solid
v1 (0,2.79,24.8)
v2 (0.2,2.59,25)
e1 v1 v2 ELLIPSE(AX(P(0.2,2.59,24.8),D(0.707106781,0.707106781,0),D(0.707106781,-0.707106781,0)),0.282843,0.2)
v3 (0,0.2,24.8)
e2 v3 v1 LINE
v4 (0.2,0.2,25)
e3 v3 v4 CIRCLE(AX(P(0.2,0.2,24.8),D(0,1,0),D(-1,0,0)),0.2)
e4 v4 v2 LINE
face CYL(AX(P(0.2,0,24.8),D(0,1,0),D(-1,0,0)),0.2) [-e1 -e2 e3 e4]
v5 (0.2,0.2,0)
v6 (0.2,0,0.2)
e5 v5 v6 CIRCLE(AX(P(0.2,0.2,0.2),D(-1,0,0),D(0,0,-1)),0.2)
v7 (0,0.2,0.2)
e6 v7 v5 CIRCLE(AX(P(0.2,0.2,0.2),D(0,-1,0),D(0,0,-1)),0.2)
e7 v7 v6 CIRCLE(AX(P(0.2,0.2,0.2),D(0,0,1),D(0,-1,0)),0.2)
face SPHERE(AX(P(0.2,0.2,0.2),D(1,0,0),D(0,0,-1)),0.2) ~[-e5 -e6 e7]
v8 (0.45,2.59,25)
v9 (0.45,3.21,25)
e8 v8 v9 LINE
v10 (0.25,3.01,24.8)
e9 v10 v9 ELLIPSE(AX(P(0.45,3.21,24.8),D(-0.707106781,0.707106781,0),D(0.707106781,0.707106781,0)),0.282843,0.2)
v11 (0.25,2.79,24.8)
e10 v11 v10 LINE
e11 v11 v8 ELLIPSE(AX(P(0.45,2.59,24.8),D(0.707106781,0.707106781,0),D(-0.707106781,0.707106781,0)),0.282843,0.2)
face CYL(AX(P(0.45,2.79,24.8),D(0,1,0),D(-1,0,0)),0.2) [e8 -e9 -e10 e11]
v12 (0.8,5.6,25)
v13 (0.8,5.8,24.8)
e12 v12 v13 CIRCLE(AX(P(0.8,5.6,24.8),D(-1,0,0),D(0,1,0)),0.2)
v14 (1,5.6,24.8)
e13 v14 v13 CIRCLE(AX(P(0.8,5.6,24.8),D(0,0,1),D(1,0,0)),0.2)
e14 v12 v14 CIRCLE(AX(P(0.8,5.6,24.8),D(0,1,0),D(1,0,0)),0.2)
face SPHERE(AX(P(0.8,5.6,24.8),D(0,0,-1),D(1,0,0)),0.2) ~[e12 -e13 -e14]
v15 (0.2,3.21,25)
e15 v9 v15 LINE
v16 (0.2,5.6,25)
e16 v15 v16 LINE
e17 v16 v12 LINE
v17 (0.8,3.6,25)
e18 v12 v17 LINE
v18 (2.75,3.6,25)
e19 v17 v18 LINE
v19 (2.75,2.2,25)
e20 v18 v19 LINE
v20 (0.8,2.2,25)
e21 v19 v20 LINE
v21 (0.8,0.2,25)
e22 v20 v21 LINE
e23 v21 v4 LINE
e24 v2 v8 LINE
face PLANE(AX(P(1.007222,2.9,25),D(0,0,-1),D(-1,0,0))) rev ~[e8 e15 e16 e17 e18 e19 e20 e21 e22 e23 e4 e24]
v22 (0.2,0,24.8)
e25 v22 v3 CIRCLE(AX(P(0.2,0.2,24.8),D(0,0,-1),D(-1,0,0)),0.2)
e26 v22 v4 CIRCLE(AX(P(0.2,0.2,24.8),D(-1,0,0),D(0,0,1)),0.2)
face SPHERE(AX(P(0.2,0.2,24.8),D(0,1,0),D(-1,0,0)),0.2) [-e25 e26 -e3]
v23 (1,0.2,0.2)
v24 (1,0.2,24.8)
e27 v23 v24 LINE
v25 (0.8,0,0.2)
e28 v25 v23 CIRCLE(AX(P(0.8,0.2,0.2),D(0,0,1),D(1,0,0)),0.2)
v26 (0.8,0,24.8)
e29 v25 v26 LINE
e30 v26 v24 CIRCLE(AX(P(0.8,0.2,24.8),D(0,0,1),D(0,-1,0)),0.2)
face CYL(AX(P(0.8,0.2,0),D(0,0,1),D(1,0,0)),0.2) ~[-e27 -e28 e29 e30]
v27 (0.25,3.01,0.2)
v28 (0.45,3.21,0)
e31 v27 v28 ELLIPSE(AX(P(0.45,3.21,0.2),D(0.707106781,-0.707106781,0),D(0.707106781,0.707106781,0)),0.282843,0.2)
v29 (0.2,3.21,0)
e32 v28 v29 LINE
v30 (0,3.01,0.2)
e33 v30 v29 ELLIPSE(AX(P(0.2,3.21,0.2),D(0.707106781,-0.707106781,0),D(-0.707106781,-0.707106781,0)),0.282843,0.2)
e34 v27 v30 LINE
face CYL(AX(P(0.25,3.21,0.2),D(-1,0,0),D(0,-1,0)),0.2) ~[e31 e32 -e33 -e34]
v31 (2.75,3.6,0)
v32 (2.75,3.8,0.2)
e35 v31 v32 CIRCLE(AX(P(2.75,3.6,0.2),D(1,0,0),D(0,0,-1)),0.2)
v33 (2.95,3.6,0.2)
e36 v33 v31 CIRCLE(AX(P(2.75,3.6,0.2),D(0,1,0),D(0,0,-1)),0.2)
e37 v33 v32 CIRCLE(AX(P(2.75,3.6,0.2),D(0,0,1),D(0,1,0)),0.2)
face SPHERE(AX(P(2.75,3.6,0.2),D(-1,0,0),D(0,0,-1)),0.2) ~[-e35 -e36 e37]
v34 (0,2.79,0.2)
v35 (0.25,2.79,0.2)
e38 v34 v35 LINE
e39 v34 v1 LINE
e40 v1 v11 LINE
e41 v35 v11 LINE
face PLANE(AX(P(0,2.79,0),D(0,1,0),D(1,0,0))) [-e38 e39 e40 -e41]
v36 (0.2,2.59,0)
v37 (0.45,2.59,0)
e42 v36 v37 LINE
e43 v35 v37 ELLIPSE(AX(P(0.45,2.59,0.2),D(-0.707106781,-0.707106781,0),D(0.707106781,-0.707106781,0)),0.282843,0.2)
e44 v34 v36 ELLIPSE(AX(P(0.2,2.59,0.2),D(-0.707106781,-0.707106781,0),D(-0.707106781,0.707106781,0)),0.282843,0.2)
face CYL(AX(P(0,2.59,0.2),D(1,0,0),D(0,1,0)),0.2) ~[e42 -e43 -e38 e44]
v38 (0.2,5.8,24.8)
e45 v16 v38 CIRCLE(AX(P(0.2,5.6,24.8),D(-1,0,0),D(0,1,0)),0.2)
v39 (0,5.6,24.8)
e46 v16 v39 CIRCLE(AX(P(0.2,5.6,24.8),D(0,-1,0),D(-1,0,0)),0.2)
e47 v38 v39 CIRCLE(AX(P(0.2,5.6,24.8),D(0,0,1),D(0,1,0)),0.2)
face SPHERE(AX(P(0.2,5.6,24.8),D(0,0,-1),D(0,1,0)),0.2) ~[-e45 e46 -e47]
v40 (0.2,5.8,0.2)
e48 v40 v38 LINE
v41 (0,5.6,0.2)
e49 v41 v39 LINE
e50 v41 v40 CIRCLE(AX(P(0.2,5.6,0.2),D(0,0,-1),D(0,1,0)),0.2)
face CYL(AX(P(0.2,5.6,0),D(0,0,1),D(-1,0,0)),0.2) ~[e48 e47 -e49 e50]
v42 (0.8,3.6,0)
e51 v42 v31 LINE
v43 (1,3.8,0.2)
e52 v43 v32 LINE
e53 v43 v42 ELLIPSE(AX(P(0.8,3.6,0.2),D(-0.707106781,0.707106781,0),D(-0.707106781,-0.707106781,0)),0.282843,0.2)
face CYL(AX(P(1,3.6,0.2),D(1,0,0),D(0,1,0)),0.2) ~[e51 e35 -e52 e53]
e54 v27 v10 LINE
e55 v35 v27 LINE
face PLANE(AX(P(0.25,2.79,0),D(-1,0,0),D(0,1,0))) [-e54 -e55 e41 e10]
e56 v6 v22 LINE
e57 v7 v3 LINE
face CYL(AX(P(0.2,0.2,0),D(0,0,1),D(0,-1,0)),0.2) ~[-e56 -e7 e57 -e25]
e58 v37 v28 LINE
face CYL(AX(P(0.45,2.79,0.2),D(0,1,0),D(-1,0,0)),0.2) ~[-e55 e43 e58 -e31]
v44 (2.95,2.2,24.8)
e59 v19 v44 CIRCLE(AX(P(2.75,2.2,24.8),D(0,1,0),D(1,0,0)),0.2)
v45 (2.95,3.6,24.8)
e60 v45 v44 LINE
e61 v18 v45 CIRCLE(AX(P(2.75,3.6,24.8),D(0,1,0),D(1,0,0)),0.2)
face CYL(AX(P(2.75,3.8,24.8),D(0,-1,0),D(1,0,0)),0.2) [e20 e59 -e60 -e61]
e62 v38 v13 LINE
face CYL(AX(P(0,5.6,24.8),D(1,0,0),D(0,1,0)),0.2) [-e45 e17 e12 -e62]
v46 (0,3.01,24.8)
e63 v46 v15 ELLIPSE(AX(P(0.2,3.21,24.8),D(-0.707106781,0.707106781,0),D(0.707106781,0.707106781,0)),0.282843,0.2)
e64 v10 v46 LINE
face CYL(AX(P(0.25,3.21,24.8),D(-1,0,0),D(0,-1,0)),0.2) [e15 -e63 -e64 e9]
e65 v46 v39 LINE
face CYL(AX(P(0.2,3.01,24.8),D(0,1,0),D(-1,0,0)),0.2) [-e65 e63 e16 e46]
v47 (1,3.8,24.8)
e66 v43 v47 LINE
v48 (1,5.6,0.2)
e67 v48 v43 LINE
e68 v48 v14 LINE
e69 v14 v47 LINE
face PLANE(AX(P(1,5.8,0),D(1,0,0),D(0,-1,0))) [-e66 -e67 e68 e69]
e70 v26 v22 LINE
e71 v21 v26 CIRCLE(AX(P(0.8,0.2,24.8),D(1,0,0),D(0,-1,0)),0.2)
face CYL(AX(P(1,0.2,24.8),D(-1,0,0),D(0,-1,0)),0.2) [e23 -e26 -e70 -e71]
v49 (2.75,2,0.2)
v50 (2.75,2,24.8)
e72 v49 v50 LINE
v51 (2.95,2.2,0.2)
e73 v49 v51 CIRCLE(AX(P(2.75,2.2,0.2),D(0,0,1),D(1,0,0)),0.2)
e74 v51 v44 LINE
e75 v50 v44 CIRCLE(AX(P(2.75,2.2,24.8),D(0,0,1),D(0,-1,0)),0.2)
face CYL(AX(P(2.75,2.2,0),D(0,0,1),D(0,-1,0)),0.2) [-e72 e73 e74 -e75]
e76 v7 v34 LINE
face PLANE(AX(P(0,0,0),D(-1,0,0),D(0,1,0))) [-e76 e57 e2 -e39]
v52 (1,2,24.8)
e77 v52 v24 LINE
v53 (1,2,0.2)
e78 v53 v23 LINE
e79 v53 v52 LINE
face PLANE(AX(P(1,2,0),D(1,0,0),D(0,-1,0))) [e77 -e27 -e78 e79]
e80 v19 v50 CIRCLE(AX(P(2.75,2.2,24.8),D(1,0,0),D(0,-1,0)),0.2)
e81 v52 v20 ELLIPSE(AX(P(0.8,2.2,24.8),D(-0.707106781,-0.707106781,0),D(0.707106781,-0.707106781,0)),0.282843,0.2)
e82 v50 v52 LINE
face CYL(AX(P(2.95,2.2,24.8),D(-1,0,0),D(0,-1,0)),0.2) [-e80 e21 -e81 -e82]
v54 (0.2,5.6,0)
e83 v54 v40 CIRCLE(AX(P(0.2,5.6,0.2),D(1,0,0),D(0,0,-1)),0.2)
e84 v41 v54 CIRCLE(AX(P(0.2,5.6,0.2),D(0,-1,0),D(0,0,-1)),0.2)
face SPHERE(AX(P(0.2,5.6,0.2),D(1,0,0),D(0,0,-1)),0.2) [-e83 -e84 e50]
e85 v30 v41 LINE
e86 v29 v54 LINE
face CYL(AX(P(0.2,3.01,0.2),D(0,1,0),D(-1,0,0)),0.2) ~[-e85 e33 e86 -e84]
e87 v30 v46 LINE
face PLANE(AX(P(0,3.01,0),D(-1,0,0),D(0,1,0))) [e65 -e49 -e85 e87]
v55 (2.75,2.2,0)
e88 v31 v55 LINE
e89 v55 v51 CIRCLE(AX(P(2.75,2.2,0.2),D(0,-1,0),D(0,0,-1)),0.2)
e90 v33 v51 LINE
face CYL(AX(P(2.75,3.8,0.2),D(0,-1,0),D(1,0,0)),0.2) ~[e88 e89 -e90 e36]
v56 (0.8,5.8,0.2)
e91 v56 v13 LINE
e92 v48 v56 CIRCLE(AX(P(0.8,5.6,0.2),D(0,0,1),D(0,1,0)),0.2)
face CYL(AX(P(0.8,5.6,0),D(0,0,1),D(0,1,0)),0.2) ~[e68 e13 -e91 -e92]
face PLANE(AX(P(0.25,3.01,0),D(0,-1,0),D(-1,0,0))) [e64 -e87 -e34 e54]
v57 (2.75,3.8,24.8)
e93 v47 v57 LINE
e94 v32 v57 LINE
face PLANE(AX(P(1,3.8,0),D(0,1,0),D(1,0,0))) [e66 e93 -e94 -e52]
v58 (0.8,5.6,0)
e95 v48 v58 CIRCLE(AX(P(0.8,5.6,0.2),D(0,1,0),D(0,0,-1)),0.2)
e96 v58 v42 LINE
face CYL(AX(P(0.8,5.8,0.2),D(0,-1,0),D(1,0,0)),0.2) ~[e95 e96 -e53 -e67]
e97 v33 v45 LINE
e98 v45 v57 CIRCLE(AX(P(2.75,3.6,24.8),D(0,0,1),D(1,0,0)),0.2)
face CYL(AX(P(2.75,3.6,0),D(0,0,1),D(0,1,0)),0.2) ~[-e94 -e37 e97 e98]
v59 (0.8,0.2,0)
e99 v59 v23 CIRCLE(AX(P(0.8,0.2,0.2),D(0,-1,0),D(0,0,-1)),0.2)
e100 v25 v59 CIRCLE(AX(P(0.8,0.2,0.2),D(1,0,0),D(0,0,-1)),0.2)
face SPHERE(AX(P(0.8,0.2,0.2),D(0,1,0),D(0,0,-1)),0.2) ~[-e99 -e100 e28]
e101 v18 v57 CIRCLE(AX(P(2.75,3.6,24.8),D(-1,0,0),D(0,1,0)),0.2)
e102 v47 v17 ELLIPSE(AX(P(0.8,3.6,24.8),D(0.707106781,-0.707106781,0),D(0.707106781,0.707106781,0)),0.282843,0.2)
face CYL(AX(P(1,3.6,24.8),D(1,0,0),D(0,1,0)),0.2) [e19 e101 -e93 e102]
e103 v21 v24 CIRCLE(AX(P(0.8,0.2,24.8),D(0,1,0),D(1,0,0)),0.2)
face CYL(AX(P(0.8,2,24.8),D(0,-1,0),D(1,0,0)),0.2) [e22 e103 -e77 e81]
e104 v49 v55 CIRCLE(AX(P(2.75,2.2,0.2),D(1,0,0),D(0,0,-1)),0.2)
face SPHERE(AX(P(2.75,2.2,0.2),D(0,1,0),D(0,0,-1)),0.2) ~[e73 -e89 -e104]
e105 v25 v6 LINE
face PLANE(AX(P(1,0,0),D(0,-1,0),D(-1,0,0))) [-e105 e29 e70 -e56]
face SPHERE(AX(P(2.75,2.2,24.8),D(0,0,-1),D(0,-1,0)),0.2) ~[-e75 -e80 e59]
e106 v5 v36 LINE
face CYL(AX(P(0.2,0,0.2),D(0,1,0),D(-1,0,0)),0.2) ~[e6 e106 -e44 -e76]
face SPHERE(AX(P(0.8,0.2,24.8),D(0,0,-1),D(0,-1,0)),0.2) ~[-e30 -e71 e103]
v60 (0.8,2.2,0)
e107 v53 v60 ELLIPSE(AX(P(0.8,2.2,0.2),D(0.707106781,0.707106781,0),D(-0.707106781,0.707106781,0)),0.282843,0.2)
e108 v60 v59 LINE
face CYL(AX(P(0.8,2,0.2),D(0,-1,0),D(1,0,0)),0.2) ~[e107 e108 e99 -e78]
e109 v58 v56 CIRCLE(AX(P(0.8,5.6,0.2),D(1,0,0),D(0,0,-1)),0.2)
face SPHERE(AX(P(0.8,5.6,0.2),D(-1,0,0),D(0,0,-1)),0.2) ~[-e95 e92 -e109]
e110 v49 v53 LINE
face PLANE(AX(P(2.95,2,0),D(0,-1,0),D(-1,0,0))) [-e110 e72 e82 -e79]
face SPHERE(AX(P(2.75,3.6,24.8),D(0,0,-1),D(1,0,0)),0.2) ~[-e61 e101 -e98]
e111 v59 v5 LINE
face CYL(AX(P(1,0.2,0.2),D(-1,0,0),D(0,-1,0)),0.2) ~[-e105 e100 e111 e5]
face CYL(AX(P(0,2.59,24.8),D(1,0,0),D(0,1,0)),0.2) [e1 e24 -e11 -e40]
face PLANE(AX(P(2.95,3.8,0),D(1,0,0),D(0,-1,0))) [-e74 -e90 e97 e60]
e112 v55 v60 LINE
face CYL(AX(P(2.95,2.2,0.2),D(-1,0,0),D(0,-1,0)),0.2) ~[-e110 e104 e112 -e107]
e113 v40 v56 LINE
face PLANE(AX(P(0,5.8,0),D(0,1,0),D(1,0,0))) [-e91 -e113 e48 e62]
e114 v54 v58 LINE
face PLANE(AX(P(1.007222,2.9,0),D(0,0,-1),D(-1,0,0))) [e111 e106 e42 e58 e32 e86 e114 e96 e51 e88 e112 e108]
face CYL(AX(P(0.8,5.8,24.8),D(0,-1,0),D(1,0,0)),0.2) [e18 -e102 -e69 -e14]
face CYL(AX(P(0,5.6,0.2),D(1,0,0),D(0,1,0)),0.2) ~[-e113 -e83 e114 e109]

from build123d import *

# Parameters (mm, degrees)
AUFSATZ_LINEAR_AUSTRAGEN1_DEPTH = 25
VERRUNDUNG1_R                   = 0.2


with BuildPart() as part:
    # Skizze1 → Aufsatz-Linear austragen1 (new body)
    with BuildSketch(Plane.XY):
        Polygon((2.95, 2), (1, 2), (1, 0), (0, 0), (0, 2.79), (0.25, 2.79), (0.25, 3.01), (0, 3.01), (0, 5.8), (1, 5.8), (1, 3.8), (2.95, 3.8), align=None)
    extrude(amount=AUFSATZ_LINEAR_AUSTRAGEN1_DEPTH)

    # Verrundung1
    verrundung1_edges = [part.edges().sort_by_distance(p)[0] for p in [
        (0.5, 5.8, 0),
        (1, 4.8, 0),
        (0.25, 2.9, 25),
        (1.975, 3.8, 0),
        (2.95, 2.9, 0),
        (1.975, 2, 0),
        (1, 1, 0),
        (0.5, 0, 0),
        (0, 1.395, 0),
        (0.125, 2.79, 0),
        (0.25, 2.9, 0),
        (0.125, 3.01, 0),
        (0, 4.405, 0),
        (0.125, 2.79, 25),
        (0, 5.8, 12.5),
        (1, 5.8, 12.5),
        (0, 1.395, 25),
        (2.95, 3.8, 12.5),
        (2.95, 2, 12.5),
        (1, 0, 12.5),
        (0, 0, 12.5),
        (0.5, 0, 25),
        (1, 1, 25),
        (1.975, 2, 25),
        (2.95, 2.9, 25),
        (1.975, 3.8, 25),
        (1, 4.8, 25),
        (0.5, 5.8, 25),
        (0, 4.405, 25),
        (0.125, 3.01, 25),
    ]]
    fillet(verrundung1_edges, radius=VERRUNDUNG1_R)


solid = part.part
